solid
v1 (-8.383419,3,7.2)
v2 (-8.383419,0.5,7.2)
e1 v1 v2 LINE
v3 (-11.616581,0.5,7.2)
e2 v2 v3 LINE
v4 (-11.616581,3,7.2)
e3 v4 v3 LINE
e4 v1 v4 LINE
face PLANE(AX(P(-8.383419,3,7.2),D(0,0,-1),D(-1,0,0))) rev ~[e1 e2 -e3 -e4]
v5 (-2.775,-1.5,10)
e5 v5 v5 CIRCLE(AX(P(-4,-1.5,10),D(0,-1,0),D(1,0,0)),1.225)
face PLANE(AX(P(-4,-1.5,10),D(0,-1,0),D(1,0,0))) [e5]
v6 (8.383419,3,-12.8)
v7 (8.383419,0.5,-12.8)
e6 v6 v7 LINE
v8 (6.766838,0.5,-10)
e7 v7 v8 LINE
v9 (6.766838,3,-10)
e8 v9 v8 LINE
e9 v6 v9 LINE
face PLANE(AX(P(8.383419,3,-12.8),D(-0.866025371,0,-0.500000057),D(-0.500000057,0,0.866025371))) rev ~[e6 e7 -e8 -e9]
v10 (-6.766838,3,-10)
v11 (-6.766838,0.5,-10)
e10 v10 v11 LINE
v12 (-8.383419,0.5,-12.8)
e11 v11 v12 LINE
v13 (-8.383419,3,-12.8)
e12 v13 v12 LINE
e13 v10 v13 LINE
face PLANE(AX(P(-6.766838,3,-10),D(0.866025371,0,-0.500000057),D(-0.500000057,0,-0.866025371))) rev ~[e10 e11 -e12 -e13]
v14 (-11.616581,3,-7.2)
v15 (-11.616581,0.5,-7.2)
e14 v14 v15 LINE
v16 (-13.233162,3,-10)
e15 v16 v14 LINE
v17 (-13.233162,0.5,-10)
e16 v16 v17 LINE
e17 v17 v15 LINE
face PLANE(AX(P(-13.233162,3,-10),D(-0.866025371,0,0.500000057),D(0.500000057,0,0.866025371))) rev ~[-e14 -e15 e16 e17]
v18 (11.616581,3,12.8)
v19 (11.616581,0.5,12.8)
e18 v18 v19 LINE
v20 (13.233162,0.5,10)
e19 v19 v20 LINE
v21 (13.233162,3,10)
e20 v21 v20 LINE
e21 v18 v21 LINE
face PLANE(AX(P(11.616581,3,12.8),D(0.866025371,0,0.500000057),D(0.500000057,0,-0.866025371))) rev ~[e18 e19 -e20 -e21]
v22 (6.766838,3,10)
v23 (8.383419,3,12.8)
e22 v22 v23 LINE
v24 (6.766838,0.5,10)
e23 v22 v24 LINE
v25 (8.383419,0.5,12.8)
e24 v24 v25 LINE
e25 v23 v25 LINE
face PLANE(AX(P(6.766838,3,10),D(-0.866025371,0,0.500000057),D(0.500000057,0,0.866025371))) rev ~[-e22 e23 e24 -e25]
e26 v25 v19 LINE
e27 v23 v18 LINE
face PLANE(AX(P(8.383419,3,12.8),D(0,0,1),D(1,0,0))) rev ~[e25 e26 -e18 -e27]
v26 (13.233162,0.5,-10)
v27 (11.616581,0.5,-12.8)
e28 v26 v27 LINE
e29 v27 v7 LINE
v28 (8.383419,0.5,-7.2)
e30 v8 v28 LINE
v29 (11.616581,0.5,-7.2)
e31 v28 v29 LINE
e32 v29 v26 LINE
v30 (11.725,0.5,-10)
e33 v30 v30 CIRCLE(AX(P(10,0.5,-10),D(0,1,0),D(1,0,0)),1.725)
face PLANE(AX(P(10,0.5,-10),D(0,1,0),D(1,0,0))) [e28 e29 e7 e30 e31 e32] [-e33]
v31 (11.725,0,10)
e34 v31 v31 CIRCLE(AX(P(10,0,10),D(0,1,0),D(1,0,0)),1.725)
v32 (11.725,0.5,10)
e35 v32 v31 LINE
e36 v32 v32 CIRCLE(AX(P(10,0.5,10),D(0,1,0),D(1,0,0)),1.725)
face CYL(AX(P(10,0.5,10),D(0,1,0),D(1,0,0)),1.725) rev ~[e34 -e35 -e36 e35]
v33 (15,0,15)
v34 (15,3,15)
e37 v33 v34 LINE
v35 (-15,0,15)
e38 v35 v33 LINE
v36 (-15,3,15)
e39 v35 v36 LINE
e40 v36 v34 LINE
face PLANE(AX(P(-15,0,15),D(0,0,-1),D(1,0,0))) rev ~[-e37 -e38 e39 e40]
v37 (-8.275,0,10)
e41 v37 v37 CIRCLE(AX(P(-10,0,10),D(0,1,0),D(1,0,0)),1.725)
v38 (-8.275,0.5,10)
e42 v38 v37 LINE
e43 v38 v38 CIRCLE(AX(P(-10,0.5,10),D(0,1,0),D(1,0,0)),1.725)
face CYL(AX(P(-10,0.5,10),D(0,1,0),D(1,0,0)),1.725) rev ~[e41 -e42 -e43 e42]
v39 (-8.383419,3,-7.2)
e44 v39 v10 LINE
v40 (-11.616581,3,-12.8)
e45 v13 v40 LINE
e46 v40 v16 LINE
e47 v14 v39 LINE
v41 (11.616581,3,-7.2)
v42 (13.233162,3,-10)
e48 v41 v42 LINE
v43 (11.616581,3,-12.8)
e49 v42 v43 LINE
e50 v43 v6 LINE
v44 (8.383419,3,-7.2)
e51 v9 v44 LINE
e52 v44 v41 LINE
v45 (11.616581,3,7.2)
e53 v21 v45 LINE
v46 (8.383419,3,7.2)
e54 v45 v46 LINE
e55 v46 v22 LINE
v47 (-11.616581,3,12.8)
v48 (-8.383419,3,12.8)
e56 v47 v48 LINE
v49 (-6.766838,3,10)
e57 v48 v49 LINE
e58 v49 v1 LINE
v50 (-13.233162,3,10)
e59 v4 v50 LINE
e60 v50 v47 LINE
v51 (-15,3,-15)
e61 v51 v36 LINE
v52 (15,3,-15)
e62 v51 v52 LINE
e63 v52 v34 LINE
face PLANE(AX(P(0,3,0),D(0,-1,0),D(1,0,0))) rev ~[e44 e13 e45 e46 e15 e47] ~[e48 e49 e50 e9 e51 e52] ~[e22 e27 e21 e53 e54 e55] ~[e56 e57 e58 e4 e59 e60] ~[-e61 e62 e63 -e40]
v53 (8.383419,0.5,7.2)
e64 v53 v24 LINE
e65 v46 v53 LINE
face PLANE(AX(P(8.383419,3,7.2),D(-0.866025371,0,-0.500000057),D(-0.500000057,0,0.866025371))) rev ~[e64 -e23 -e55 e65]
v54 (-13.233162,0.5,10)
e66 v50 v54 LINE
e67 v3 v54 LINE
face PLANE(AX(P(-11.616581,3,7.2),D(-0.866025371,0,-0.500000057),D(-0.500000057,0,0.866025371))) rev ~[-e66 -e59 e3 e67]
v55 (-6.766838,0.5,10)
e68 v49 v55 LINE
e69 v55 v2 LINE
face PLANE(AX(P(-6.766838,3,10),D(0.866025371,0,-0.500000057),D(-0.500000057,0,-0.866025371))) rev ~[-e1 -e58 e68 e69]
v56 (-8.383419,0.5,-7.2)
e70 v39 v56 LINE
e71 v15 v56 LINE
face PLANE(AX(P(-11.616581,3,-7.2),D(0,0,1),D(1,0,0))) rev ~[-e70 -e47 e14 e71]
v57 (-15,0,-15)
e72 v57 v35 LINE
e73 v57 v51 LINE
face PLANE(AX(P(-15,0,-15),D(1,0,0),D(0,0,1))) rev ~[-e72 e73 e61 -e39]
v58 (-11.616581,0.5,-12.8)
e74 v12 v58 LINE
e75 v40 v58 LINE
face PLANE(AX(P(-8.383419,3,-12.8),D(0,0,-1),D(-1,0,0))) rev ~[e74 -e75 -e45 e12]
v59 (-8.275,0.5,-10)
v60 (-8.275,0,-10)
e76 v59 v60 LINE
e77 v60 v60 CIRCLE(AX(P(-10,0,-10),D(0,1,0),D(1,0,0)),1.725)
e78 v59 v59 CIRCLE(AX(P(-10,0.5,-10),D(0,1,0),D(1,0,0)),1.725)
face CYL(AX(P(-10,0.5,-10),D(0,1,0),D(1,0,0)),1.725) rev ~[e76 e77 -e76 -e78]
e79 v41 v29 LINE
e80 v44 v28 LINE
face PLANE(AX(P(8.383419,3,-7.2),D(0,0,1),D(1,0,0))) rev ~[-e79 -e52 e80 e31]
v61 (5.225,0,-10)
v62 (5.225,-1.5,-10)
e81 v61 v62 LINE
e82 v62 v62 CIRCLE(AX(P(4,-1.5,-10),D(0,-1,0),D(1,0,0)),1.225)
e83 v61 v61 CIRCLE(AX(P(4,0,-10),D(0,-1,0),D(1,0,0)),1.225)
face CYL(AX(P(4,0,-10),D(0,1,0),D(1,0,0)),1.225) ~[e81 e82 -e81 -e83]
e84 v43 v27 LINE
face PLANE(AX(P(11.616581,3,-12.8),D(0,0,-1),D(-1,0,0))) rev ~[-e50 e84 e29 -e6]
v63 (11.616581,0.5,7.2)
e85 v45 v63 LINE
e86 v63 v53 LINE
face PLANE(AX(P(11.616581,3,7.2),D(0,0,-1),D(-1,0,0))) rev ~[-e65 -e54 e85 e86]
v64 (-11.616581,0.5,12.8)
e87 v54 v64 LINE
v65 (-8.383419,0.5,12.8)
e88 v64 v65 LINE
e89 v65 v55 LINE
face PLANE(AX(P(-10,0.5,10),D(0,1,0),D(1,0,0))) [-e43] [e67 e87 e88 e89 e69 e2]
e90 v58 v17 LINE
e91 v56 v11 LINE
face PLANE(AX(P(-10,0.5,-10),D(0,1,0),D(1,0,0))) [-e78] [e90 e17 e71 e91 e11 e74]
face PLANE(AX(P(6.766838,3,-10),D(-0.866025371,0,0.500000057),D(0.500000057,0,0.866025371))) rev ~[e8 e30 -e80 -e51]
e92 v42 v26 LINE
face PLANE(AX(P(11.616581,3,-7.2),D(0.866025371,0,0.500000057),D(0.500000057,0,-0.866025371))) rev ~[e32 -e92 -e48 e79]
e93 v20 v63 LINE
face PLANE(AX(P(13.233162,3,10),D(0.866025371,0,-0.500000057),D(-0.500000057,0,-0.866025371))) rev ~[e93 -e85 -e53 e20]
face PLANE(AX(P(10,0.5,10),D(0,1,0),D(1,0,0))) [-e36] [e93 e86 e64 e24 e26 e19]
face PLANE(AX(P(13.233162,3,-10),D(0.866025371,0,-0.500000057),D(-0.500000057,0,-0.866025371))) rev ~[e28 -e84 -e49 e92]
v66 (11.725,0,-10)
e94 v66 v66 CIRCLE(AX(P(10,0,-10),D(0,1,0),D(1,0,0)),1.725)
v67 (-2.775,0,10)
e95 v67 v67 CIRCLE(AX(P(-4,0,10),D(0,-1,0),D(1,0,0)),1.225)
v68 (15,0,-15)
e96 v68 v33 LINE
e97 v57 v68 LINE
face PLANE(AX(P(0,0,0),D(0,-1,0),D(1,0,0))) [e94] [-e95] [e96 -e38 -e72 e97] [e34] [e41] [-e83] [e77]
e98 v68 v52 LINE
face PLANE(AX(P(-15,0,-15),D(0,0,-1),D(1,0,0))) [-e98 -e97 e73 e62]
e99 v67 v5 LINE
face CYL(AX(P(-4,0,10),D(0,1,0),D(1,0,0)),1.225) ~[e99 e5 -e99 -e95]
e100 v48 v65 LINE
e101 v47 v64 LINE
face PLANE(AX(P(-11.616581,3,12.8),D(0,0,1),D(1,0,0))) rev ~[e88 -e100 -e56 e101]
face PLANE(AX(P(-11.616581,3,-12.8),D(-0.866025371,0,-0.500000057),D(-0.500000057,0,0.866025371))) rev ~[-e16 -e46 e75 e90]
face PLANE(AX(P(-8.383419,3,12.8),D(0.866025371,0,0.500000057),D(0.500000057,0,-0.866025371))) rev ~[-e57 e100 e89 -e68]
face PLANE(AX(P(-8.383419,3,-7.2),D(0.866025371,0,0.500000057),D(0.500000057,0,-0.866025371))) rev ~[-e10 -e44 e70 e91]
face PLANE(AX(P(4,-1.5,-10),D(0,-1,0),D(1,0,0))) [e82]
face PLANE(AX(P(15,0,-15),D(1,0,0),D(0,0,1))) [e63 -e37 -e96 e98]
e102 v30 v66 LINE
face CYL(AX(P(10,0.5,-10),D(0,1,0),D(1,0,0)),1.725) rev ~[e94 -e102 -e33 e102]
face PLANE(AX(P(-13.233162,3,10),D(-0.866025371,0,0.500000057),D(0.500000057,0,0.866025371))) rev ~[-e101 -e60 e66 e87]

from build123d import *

# Parameters (mm, degrees)
SKETCH_W        = 30
SKETCH_H        = 30
PAD_DEPTH       = 3
POCKET_DEPTH    = 2.5
SKETCH002_R     = 1.725
POCKET001_DEPTH = 5
SKETCH003_R     = 1.225
PAD001_DEPTH    = 1.5


with BuildPart() as part:
    # Sketch → Pad (new body)
    with BuildSketch(Plane.XZ):
        Rectangle(SKETCH_W, SKETCH_H)
    extrude(amount=-PAD_DEPTH)

    # Sketch001 (on Face6 of Pad) → Pocket (cut)
    with BuildSketch(Plane(origin=(0, 3, 0), x_dir=(1, 0, 0), z_dir=(0, 1, 0))):
        Polygon((-11.616581, 7.2), (-8.383419, 7.2), (-6.766838, 10), (-8.383419, 12.8), (-11.616581, 12.8), (-13.233162, 10), align=None)
        Polygon((11.616581, 7.2), (13.233162, 10), (11.616581, 12.8), (8.383419, 12.8), (6.766838, 10), (8.383419, 7.2), align=None)
        Polygon((11.616581, -12.8), (13.233162, -10), (11.616581, -7.2), (8.383419, -7.2), (6.766838, -10), (8.383419, -12.8), align=None)
        Polygon((-8.383419, -7.2), (-11.616581, -7.2), (-13.233162, -10), (-11.616581, -12.8), (-8.383419, -12.8), (-6.766838, -10), align=None)
    extrude(amount=-POCKET_DEPTH, mode=Mode.SUBTRACT)

    # Sketch002 (on Face33 of Pocket) → Pocket001 (cut)
    with BuildSketch(Plane(origin=(0, 0.5, 0), x_dir=(1, 0, 0), z_dir=(0, 1, 0))):
        with Locations((-10, 10)):
            Circle(SKETCH002_R)
        with Locations((10, 10)):
            Circle(SKETCH002_R)
        with Locations((10, -10)):
            Circle(SKETCH002_R)
        with Locations((-10, -10)):
            Circle(SKETCH002_R)
    extrude(amount=-POCKET001_DEPTH, mode=Mode.SUBTRACT)

    # Sketch003 (on Face4 of Pocket001) → Pad001 (join)
    with BuildSketch(Plane.XZ):
        with Locations((4, -10)):
            Circle(SKETCH003_R)
        with Locations((-4, 10)):
            Circle(SKETCH003_R)
    extrude(amount=PAD001_DEPTH)


solid = part.part
